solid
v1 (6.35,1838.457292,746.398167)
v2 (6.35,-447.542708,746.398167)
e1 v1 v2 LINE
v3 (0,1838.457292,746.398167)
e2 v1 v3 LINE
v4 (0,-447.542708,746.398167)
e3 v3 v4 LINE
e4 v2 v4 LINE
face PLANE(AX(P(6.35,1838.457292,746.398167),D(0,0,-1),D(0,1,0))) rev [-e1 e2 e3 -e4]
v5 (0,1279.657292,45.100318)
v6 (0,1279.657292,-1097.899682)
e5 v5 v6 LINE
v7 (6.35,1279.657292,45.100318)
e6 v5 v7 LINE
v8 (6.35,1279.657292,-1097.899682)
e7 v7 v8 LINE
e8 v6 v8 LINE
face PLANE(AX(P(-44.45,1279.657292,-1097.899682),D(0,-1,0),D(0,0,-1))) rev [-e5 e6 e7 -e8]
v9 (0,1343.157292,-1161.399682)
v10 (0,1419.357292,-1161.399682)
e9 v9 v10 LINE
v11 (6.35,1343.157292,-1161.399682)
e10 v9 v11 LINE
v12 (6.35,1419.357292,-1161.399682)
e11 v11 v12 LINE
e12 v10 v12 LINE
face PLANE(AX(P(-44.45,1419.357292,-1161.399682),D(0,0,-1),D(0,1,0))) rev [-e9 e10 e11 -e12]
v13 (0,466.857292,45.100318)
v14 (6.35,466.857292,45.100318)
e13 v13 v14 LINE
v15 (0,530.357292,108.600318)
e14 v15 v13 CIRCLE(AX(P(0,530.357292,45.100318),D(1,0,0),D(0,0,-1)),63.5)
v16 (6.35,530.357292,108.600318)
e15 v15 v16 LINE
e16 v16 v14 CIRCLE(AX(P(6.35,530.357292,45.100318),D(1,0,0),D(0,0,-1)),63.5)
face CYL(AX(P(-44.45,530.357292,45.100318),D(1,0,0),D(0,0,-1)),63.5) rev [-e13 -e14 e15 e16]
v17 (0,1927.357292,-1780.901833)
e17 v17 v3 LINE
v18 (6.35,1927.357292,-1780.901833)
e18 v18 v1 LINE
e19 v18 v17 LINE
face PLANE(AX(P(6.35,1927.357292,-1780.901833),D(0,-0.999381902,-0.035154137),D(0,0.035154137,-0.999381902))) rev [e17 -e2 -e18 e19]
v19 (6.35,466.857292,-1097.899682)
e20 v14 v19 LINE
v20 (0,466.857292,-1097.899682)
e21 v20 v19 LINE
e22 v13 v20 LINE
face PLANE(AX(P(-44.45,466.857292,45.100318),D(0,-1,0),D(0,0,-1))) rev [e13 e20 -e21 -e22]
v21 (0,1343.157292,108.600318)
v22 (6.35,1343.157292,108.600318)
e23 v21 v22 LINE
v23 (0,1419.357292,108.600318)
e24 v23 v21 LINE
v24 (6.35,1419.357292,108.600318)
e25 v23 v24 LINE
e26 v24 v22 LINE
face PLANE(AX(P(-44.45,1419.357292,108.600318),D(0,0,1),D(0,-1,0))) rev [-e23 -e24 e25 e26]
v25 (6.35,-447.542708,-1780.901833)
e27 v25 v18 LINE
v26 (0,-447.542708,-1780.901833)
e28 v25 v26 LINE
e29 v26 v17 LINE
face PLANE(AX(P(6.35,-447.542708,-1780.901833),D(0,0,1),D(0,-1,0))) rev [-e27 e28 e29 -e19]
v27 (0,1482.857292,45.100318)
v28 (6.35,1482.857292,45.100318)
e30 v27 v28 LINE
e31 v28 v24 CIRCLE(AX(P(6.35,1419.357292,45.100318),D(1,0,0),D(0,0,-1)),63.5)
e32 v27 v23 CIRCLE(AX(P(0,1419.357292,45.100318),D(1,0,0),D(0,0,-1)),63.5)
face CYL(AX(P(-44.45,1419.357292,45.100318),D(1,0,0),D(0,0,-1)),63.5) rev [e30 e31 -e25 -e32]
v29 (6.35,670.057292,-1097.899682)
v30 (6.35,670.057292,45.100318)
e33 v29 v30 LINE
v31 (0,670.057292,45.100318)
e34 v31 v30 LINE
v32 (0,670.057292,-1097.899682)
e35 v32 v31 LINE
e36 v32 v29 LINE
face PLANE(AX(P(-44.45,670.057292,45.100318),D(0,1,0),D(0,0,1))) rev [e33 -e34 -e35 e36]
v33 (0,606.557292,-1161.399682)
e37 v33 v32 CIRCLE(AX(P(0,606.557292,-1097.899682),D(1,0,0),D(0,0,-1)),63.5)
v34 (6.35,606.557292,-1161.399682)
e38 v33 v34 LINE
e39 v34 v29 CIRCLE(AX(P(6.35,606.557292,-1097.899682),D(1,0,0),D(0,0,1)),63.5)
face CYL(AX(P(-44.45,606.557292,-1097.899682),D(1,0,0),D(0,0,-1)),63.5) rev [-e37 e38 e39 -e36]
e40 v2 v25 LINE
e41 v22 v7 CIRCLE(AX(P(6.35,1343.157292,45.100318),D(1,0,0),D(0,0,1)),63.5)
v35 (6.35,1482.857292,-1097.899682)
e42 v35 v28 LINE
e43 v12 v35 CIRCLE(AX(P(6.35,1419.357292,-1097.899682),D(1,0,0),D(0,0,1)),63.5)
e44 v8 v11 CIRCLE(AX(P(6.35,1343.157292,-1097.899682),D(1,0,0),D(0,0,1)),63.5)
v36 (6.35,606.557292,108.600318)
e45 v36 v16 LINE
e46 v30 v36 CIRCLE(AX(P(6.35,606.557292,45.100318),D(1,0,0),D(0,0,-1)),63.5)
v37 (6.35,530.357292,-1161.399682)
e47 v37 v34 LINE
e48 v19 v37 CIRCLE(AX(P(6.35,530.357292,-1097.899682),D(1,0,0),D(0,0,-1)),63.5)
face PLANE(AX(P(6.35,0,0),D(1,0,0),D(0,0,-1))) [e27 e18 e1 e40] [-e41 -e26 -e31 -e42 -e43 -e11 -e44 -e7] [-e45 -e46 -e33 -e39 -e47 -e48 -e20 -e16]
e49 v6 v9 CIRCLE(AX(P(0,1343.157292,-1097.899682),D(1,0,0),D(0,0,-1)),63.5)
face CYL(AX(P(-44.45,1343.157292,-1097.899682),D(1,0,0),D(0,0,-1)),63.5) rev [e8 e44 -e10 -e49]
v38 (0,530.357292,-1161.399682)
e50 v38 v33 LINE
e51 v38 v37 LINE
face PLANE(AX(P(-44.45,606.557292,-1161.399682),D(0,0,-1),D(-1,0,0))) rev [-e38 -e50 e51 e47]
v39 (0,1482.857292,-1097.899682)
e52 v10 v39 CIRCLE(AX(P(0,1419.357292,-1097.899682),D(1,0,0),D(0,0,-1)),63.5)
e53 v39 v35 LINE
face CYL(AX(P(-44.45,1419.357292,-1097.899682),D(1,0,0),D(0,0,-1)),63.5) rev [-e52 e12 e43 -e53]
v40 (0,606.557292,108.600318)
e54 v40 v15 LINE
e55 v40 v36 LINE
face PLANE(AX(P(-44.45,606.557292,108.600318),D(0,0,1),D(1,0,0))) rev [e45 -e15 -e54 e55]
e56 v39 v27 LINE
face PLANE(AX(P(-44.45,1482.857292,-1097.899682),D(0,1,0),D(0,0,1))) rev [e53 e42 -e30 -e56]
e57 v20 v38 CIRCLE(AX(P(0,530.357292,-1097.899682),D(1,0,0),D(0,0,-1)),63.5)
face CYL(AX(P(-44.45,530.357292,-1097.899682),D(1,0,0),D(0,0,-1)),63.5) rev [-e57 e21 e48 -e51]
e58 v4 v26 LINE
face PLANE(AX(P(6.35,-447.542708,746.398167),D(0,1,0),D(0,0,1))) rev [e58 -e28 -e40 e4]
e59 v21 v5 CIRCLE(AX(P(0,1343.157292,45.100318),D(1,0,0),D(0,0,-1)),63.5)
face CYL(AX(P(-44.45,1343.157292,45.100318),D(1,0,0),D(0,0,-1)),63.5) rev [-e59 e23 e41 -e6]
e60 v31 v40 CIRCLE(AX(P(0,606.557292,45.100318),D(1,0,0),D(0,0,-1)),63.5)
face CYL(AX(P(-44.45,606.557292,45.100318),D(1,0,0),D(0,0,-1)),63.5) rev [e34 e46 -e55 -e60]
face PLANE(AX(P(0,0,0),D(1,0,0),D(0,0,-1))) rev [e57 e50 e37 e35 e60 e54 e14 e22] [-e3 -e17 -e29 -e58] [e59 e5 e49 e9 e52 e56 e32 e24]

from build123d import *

# Parameters (mm, degrees)
BOSS_EXTRUDE1_DEPTH = 6.35
CUT_EXTRUDE1_DEPTH  = 50.8


with BuildPart() as part:
    # Sketch1 → Boss-Extrude1 (new body)
    with BuildSketch(Plane(origin=(0, 0, 0), x_dir=(0, 0, -1), z_dir=(1, 0, 0))):
        Polygon((-746.398166827, -447.542708333), (1780.901833173, -447.542708333), (1780.901833173, 1927.357291667), (-746.398166827, 1838.457291667), align=None)
    extrude(amount=BOSS_EXTRUDE1_DEPTH)

    # Sketch2 → Cut-Extrude1 (cut)
    with BuildSketch(Plane(origin=(6.35, 0, 0), x_dir=(0, 0, -1), z_dir=(1, 0, 0))):
        with BuildLine():
            Line((-45.100318004, 670.057291667), (1097.899681996, 670.057291667))
            ThreePointArc((1097.899681996, 670.057291667), (1142.800962601, 651.458572272), (1161.399681996, 606.557291667))
            Line((1161.399681996, 606.557291667), (1161.399681996, 530.357291667))
            ThreePointArc((1161.399681996, 530.357291667), (1142.800962601, 485.456011061), (1097.899681996, 466.857291667))
            Line((1097.899681996, 466.857291667), (-45.100318004, 466.857291667))
            ThreePointArc((-45.100318004, 466.857291667), (-90.001598609, 485.456011061), (-108.600318004, 530.357291667))
            Line((-108.600318004, 530.357291667), (-108.600318004, 606.557291667))
            ThreePointArc((-108.600318004, 606.557291667), (-90.001598609, 651.458572272), (-45.100318004, 670.057291667))
        make_face()
        with BuildLine():
            Line((1097.899681996, 1482.857291667), (-45.100318004, 1482.857291667))
            ThreePointArc((-45.100318004, 1482.857291667), (-90.001598609, 1464.258572272), (-108.600318004, 1419.357291667))
            Line((-108.600318004, 1419.357291667), (-108.600318004, 1343.157291667))
            ThreePointArc((-108.600318004, 1343.157291667), (-90.001598609, 1298.256011061), (-45.100318004, 1279.657291667))
            Line((-45.100318004, 1279.657291667), (1097.899681996, 1279.657291667))
            ThreePointArc((1097.899681996, 1279.657291667), (1142.800962601, 1298.256011061), (1161.399681996, 1343.157291667))
            Line((1161.399681996, 1343.157291667), (1161.399681996, 1419.357291667))
            ThreePointArc((1161.399681996, 1419.357291667), (1142.800962601, 1464.258572272), (1097.899681996, 1482.857291667))
        make_face()
    extrude(amount=-CUT_EXTRUDE1_DEPTH, mode=Mode.SUBTRACT)


solid = part.part
